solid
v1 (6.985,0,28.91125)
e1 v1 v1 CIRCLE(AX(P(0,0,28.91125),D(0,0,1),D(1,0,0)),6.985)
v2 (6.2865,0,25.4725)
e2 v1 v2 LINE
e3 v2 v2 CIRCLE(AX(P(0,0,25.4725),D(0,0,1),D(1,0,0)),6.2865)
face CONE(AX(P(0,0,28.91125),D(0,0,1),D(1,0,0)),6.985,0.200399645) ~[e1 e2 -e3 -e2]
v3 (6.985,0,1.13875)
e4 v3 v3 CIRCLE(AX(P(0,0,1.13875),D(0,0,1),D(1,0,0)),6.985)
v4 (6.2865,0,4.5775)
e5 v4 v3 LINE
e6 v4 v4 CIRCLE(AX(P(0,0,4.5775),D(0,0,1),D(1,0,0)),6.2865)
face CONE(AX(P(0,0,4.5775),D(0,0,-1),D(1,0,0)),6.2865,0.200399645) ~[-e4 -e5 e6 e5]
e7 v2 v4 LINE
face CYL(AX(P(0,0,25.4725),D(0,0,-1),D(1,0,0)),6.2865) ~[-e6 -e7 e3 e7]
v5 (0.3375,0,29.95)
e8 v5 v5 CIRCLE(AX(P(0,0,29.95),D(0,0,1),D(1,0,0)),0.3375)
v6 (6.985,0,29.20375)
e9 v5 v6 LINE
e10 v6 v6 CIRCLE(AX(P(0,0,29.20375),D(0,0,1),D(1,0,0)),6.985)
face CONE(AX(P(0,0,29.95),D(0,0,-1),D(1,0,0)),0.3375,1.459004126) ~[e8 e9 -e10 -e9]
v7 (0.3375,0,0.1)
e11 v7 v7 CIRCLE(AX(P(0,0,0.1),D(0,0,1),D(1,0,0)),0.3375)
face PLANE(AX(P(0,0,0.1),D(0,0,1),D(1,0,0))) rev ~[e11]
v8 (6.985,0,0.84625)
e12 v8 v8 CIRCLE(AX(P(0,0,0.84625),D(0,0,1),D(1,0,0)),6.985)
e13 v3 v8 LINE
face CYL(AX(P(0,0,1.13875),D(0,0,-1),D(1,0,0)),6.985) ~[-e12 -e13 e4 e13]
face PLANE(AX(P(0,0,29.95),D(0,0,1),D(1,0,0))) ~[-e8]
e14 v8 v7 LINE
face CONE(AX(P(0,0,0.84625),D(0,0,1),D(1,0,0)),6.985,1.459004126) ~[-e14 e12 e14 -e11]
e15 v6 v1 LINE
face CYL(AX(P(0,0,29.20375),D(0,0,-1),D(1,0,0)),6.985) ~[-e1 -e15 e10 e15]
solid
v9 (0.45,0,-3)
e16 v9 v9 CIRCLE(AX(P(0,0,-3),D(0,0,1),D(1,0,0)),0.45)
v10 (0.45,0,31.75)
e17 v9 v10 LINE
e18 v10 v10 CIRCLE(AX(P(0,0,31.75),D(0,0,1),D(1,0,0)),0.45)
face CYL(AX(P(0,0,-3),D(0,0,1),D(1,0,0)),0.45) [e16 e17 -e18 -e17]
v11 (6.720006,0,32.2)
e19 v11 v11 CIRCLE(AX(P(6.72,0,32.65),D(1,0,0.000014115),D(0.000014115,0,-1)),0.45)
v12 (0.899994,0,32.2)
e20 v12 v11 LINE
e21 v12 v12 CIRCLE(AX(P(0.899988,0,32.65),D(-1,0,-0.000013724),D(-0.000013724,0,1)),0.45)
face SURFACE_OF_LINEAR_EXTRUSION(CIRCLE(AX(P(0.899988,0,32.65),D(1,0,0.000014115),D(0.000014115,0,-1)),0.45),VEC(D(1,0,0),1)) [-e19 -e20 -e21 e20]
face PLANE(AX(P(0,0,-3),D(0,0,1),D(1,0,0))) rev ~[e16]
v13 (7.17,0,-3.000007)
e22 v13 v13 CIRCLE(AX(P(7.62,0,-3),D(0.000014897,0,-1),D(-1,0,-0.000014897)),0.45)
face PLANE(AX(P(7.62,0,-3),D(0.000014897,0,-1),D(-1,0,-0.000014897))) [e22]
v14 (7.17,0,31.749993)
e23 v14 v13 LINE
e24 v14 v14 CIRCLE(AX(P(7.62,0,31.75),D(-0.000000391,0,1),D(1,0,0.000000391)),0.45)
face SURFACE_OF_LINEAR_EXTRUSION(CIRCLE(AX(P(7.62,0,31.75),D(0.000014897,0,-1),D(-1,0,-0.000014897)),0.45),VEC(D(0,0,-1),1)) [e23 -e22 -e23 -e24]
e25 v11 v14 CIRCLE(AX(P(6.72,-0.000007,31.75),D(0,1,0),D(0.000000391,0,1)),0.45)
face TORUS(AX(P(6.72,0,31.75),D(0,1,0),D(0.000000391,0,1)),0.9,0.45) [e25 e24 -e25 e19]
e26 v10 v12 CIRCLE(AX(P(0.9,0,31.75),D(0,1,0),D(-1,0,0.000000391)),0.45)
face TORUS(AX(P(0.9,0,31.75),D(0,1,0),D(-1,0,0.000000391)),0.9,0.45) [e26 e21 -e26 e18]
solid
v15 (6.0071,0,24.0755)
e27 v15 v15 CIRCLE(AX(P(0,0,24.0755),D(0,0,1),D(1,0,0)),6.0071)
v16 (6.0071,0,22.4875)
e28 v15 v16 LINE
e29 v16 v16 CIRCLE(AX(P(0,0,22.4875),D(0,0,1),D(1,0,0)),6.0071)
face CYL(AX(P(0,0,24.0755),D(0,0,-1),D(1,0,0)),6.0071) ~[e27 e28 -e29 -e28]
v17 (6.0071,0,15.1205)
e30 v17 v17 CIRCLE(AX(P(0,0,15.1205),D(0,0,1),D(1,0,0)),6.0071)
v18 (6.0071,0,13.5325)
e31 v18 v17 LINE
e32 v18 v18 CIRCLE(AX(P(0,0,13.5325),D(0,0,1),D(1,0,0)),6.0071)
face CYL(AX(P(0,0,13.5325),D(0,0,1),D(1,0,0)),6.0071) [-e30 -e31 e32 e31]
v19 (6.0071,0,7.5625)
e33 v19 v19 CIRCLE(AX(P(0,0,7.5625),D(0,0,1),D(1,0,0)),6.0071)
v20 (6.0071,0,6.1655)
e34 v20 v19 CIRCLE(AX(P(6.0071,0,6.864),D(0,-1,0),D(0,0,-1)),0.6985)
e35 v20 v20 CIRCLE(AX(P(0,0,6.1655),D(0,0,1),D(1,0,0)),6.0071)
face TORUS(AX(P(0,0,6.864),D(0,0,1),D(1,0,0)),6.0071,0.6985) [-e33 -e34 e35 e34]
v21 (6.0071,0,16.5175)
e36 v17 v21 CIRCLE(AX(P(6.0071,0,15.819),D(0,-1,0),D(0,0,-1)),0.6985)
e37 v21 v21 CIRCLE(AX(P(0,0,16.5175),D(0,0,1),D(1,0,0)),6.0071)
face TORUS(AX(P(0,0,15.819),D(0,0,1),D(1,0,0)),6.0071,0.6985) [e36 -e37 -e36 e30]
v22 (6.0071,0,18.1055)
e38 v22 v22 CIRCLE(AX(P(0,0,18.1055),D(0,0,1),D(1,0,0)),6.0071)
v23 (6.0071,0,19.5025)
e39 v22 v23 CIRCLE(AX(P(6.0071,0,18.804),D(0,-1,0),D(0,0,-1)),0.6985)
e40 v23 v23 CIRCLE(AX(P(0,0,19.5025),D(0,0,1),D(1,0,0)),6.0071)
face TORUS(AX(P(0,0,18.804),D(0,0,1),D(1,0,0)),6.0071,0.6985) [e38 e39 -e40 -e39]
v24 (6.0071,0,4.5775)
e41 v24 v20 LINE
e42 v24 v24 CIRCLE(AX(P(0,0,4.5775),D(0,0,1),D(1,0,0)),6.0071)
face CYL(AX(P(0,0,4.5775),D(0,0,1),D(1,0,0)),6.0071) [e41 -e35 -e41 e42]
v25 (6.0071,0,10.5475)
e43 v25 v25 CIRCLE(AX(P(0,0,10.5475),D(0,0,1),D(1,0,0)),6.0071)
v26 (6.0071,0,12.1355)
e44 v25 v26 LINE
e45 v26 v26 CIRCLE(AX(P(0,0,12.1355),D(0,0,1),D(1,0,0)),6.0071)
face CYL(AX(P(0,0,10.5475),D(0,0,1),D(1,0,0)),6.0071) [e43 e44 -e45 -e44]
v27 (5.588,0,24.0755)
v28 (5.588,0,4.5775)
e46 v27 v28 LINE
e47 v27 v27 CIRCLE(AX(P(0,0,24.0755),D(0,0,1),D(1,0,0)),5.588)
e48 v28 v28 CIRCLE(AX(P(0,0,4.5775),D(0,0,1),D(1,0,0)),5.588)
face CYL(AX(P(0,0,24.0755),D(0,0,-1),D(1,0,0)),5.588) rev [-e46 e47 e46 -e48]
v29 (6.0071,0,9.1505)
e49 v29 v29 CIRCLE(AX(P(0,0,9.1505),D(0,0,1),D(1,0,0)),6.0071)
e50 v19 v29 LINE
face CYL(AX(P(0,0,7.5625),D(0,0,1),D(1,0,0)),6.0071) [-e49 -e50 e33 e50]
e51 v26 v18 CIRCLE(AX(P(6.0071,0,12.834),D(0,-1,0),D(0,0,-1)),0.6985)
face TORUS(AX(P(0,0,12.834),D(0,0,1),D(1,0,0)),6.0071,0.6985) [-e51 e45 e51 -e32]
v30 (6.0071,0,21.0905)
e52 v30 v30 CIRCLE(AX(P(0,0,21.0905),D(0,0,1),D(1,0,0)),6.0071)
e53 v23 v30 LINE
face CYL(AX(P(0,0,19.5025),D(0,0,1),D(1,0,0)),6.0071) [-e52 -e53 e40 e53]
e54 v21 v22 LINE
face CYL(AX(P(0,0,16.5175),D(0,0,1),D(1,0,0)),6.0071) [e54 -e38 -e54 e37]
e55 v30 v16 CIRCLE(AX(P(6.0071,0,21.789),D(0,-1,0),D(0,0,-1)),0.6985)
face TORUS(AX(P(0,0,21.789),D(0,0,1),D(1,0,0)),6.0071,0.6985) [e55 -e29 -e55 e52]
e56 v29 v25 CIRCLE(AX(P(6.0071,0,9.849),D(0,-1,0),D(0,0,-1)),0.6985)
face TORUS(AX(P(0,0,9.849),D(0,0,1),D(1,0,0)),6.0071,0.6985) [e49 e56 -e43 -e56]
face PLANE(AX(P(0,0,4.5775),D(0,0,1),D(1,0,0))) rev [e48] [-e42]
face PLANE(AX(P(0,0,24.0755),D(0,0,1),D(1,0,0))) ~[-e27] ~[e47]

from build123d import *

# Parameters (mm, degrees)
SKETCH_R = 0.45


with BuildPart() as sweep_body:
    # Sweep: sweep along a path in Sketch001
    with BuildLine(Plane.XZ) as sweep_path:
        Line((0, -3), (0, 31.75))
        ThreePointArc((0, 31.75), (0.2636, 32.386392), (0.899988, 32.65))
        Line((0.899988, 32.65), (6.72, 32.65))
        ThreePointArc((6.72, 32.65), (7.356396, 32.386396), (7.62, 31.75))
        Line((7.62, 31.75), (7.62, -3))
    # Sketch → Sweep (sweep)
    with BuildSketch(Plane.XY.offset(-2)):
        Circle(SKETCH_R)
    sweep(path=sweep_path.line)


with BuildPart() as revolution:
    # Sketch002 → Revolution (revolve)
    with BuildSketch(Plane.XZ):
        Polygon((0, 0.1), (0, 29.95), (0.3375, 29.95), (6.985, 29.20375), (6.985, 28.91125), (6.2865, 25.4725), (6.2865, 4.5775), (6.985, 1.13875), (6.985, 0.84625), (0.3375, 0.1), align=None)
    revolve(axis=Axis((0, 0, 0), (0, 0, 1)))


with BuildPart() as revolution001:
    # Sketch003 → Revolution001 (revolve)
    with BuildSketch(Plane.XZ):
        with BuildLine():
            Line((5.588, 24.0755), (5.588, 4.5775))
            Line((5.588, 4.5775), (6.0071, 4.5775))
            Line((6.0071, 4.5775), (6.0071, 6.1655))
            ThreePointArc((6.0071, 6.1655), (6.7056, 6.864), (6.0071, 7.5625))
            Line((6.0071, 7.5625), (6.0071, 9.1505))
            ThreePointArc((6.0071, 9.1505), (6.7056, 9.849), (6.0071, 10.5475))
            Line((6.0071, 10.5475), (6.0071, 12.1355))
            ThreePointArc((6.0071, 12.1355), (6.7056, 12.834), (6.0071, 13.5325))
            Line((6.0071, 13.5325), (6.0071, 15.1205))
            ThreePointArc((6.0071, 15.1205), (6.7056, 15.819), (6.0071, 16.5175))
            Line((6.0071, 16.5175), (6.0071, 18.1055))
            ThreePointArc((6.0071, 18.1055), (6.7056, 18.804), (6.0071, 19.5025))
            Line((6.0071, 19.5025), (6.0071, 21.0905))
            ThreePointArc((6.0071, 21.0905), (6.7056, 21.789), (6.0071, 22.4875))
            Line((6.0071, 24.0755), (6.0071, 22.4875))
            Line((5.588, 24.0755), (6.0071, 24.0755))
        make_face()
    revolve(axis=Axis((0, 0, 0), (0, 0, 1)))


solid = Compound([sweep_body.part, revolution.part, revolution001.part])
